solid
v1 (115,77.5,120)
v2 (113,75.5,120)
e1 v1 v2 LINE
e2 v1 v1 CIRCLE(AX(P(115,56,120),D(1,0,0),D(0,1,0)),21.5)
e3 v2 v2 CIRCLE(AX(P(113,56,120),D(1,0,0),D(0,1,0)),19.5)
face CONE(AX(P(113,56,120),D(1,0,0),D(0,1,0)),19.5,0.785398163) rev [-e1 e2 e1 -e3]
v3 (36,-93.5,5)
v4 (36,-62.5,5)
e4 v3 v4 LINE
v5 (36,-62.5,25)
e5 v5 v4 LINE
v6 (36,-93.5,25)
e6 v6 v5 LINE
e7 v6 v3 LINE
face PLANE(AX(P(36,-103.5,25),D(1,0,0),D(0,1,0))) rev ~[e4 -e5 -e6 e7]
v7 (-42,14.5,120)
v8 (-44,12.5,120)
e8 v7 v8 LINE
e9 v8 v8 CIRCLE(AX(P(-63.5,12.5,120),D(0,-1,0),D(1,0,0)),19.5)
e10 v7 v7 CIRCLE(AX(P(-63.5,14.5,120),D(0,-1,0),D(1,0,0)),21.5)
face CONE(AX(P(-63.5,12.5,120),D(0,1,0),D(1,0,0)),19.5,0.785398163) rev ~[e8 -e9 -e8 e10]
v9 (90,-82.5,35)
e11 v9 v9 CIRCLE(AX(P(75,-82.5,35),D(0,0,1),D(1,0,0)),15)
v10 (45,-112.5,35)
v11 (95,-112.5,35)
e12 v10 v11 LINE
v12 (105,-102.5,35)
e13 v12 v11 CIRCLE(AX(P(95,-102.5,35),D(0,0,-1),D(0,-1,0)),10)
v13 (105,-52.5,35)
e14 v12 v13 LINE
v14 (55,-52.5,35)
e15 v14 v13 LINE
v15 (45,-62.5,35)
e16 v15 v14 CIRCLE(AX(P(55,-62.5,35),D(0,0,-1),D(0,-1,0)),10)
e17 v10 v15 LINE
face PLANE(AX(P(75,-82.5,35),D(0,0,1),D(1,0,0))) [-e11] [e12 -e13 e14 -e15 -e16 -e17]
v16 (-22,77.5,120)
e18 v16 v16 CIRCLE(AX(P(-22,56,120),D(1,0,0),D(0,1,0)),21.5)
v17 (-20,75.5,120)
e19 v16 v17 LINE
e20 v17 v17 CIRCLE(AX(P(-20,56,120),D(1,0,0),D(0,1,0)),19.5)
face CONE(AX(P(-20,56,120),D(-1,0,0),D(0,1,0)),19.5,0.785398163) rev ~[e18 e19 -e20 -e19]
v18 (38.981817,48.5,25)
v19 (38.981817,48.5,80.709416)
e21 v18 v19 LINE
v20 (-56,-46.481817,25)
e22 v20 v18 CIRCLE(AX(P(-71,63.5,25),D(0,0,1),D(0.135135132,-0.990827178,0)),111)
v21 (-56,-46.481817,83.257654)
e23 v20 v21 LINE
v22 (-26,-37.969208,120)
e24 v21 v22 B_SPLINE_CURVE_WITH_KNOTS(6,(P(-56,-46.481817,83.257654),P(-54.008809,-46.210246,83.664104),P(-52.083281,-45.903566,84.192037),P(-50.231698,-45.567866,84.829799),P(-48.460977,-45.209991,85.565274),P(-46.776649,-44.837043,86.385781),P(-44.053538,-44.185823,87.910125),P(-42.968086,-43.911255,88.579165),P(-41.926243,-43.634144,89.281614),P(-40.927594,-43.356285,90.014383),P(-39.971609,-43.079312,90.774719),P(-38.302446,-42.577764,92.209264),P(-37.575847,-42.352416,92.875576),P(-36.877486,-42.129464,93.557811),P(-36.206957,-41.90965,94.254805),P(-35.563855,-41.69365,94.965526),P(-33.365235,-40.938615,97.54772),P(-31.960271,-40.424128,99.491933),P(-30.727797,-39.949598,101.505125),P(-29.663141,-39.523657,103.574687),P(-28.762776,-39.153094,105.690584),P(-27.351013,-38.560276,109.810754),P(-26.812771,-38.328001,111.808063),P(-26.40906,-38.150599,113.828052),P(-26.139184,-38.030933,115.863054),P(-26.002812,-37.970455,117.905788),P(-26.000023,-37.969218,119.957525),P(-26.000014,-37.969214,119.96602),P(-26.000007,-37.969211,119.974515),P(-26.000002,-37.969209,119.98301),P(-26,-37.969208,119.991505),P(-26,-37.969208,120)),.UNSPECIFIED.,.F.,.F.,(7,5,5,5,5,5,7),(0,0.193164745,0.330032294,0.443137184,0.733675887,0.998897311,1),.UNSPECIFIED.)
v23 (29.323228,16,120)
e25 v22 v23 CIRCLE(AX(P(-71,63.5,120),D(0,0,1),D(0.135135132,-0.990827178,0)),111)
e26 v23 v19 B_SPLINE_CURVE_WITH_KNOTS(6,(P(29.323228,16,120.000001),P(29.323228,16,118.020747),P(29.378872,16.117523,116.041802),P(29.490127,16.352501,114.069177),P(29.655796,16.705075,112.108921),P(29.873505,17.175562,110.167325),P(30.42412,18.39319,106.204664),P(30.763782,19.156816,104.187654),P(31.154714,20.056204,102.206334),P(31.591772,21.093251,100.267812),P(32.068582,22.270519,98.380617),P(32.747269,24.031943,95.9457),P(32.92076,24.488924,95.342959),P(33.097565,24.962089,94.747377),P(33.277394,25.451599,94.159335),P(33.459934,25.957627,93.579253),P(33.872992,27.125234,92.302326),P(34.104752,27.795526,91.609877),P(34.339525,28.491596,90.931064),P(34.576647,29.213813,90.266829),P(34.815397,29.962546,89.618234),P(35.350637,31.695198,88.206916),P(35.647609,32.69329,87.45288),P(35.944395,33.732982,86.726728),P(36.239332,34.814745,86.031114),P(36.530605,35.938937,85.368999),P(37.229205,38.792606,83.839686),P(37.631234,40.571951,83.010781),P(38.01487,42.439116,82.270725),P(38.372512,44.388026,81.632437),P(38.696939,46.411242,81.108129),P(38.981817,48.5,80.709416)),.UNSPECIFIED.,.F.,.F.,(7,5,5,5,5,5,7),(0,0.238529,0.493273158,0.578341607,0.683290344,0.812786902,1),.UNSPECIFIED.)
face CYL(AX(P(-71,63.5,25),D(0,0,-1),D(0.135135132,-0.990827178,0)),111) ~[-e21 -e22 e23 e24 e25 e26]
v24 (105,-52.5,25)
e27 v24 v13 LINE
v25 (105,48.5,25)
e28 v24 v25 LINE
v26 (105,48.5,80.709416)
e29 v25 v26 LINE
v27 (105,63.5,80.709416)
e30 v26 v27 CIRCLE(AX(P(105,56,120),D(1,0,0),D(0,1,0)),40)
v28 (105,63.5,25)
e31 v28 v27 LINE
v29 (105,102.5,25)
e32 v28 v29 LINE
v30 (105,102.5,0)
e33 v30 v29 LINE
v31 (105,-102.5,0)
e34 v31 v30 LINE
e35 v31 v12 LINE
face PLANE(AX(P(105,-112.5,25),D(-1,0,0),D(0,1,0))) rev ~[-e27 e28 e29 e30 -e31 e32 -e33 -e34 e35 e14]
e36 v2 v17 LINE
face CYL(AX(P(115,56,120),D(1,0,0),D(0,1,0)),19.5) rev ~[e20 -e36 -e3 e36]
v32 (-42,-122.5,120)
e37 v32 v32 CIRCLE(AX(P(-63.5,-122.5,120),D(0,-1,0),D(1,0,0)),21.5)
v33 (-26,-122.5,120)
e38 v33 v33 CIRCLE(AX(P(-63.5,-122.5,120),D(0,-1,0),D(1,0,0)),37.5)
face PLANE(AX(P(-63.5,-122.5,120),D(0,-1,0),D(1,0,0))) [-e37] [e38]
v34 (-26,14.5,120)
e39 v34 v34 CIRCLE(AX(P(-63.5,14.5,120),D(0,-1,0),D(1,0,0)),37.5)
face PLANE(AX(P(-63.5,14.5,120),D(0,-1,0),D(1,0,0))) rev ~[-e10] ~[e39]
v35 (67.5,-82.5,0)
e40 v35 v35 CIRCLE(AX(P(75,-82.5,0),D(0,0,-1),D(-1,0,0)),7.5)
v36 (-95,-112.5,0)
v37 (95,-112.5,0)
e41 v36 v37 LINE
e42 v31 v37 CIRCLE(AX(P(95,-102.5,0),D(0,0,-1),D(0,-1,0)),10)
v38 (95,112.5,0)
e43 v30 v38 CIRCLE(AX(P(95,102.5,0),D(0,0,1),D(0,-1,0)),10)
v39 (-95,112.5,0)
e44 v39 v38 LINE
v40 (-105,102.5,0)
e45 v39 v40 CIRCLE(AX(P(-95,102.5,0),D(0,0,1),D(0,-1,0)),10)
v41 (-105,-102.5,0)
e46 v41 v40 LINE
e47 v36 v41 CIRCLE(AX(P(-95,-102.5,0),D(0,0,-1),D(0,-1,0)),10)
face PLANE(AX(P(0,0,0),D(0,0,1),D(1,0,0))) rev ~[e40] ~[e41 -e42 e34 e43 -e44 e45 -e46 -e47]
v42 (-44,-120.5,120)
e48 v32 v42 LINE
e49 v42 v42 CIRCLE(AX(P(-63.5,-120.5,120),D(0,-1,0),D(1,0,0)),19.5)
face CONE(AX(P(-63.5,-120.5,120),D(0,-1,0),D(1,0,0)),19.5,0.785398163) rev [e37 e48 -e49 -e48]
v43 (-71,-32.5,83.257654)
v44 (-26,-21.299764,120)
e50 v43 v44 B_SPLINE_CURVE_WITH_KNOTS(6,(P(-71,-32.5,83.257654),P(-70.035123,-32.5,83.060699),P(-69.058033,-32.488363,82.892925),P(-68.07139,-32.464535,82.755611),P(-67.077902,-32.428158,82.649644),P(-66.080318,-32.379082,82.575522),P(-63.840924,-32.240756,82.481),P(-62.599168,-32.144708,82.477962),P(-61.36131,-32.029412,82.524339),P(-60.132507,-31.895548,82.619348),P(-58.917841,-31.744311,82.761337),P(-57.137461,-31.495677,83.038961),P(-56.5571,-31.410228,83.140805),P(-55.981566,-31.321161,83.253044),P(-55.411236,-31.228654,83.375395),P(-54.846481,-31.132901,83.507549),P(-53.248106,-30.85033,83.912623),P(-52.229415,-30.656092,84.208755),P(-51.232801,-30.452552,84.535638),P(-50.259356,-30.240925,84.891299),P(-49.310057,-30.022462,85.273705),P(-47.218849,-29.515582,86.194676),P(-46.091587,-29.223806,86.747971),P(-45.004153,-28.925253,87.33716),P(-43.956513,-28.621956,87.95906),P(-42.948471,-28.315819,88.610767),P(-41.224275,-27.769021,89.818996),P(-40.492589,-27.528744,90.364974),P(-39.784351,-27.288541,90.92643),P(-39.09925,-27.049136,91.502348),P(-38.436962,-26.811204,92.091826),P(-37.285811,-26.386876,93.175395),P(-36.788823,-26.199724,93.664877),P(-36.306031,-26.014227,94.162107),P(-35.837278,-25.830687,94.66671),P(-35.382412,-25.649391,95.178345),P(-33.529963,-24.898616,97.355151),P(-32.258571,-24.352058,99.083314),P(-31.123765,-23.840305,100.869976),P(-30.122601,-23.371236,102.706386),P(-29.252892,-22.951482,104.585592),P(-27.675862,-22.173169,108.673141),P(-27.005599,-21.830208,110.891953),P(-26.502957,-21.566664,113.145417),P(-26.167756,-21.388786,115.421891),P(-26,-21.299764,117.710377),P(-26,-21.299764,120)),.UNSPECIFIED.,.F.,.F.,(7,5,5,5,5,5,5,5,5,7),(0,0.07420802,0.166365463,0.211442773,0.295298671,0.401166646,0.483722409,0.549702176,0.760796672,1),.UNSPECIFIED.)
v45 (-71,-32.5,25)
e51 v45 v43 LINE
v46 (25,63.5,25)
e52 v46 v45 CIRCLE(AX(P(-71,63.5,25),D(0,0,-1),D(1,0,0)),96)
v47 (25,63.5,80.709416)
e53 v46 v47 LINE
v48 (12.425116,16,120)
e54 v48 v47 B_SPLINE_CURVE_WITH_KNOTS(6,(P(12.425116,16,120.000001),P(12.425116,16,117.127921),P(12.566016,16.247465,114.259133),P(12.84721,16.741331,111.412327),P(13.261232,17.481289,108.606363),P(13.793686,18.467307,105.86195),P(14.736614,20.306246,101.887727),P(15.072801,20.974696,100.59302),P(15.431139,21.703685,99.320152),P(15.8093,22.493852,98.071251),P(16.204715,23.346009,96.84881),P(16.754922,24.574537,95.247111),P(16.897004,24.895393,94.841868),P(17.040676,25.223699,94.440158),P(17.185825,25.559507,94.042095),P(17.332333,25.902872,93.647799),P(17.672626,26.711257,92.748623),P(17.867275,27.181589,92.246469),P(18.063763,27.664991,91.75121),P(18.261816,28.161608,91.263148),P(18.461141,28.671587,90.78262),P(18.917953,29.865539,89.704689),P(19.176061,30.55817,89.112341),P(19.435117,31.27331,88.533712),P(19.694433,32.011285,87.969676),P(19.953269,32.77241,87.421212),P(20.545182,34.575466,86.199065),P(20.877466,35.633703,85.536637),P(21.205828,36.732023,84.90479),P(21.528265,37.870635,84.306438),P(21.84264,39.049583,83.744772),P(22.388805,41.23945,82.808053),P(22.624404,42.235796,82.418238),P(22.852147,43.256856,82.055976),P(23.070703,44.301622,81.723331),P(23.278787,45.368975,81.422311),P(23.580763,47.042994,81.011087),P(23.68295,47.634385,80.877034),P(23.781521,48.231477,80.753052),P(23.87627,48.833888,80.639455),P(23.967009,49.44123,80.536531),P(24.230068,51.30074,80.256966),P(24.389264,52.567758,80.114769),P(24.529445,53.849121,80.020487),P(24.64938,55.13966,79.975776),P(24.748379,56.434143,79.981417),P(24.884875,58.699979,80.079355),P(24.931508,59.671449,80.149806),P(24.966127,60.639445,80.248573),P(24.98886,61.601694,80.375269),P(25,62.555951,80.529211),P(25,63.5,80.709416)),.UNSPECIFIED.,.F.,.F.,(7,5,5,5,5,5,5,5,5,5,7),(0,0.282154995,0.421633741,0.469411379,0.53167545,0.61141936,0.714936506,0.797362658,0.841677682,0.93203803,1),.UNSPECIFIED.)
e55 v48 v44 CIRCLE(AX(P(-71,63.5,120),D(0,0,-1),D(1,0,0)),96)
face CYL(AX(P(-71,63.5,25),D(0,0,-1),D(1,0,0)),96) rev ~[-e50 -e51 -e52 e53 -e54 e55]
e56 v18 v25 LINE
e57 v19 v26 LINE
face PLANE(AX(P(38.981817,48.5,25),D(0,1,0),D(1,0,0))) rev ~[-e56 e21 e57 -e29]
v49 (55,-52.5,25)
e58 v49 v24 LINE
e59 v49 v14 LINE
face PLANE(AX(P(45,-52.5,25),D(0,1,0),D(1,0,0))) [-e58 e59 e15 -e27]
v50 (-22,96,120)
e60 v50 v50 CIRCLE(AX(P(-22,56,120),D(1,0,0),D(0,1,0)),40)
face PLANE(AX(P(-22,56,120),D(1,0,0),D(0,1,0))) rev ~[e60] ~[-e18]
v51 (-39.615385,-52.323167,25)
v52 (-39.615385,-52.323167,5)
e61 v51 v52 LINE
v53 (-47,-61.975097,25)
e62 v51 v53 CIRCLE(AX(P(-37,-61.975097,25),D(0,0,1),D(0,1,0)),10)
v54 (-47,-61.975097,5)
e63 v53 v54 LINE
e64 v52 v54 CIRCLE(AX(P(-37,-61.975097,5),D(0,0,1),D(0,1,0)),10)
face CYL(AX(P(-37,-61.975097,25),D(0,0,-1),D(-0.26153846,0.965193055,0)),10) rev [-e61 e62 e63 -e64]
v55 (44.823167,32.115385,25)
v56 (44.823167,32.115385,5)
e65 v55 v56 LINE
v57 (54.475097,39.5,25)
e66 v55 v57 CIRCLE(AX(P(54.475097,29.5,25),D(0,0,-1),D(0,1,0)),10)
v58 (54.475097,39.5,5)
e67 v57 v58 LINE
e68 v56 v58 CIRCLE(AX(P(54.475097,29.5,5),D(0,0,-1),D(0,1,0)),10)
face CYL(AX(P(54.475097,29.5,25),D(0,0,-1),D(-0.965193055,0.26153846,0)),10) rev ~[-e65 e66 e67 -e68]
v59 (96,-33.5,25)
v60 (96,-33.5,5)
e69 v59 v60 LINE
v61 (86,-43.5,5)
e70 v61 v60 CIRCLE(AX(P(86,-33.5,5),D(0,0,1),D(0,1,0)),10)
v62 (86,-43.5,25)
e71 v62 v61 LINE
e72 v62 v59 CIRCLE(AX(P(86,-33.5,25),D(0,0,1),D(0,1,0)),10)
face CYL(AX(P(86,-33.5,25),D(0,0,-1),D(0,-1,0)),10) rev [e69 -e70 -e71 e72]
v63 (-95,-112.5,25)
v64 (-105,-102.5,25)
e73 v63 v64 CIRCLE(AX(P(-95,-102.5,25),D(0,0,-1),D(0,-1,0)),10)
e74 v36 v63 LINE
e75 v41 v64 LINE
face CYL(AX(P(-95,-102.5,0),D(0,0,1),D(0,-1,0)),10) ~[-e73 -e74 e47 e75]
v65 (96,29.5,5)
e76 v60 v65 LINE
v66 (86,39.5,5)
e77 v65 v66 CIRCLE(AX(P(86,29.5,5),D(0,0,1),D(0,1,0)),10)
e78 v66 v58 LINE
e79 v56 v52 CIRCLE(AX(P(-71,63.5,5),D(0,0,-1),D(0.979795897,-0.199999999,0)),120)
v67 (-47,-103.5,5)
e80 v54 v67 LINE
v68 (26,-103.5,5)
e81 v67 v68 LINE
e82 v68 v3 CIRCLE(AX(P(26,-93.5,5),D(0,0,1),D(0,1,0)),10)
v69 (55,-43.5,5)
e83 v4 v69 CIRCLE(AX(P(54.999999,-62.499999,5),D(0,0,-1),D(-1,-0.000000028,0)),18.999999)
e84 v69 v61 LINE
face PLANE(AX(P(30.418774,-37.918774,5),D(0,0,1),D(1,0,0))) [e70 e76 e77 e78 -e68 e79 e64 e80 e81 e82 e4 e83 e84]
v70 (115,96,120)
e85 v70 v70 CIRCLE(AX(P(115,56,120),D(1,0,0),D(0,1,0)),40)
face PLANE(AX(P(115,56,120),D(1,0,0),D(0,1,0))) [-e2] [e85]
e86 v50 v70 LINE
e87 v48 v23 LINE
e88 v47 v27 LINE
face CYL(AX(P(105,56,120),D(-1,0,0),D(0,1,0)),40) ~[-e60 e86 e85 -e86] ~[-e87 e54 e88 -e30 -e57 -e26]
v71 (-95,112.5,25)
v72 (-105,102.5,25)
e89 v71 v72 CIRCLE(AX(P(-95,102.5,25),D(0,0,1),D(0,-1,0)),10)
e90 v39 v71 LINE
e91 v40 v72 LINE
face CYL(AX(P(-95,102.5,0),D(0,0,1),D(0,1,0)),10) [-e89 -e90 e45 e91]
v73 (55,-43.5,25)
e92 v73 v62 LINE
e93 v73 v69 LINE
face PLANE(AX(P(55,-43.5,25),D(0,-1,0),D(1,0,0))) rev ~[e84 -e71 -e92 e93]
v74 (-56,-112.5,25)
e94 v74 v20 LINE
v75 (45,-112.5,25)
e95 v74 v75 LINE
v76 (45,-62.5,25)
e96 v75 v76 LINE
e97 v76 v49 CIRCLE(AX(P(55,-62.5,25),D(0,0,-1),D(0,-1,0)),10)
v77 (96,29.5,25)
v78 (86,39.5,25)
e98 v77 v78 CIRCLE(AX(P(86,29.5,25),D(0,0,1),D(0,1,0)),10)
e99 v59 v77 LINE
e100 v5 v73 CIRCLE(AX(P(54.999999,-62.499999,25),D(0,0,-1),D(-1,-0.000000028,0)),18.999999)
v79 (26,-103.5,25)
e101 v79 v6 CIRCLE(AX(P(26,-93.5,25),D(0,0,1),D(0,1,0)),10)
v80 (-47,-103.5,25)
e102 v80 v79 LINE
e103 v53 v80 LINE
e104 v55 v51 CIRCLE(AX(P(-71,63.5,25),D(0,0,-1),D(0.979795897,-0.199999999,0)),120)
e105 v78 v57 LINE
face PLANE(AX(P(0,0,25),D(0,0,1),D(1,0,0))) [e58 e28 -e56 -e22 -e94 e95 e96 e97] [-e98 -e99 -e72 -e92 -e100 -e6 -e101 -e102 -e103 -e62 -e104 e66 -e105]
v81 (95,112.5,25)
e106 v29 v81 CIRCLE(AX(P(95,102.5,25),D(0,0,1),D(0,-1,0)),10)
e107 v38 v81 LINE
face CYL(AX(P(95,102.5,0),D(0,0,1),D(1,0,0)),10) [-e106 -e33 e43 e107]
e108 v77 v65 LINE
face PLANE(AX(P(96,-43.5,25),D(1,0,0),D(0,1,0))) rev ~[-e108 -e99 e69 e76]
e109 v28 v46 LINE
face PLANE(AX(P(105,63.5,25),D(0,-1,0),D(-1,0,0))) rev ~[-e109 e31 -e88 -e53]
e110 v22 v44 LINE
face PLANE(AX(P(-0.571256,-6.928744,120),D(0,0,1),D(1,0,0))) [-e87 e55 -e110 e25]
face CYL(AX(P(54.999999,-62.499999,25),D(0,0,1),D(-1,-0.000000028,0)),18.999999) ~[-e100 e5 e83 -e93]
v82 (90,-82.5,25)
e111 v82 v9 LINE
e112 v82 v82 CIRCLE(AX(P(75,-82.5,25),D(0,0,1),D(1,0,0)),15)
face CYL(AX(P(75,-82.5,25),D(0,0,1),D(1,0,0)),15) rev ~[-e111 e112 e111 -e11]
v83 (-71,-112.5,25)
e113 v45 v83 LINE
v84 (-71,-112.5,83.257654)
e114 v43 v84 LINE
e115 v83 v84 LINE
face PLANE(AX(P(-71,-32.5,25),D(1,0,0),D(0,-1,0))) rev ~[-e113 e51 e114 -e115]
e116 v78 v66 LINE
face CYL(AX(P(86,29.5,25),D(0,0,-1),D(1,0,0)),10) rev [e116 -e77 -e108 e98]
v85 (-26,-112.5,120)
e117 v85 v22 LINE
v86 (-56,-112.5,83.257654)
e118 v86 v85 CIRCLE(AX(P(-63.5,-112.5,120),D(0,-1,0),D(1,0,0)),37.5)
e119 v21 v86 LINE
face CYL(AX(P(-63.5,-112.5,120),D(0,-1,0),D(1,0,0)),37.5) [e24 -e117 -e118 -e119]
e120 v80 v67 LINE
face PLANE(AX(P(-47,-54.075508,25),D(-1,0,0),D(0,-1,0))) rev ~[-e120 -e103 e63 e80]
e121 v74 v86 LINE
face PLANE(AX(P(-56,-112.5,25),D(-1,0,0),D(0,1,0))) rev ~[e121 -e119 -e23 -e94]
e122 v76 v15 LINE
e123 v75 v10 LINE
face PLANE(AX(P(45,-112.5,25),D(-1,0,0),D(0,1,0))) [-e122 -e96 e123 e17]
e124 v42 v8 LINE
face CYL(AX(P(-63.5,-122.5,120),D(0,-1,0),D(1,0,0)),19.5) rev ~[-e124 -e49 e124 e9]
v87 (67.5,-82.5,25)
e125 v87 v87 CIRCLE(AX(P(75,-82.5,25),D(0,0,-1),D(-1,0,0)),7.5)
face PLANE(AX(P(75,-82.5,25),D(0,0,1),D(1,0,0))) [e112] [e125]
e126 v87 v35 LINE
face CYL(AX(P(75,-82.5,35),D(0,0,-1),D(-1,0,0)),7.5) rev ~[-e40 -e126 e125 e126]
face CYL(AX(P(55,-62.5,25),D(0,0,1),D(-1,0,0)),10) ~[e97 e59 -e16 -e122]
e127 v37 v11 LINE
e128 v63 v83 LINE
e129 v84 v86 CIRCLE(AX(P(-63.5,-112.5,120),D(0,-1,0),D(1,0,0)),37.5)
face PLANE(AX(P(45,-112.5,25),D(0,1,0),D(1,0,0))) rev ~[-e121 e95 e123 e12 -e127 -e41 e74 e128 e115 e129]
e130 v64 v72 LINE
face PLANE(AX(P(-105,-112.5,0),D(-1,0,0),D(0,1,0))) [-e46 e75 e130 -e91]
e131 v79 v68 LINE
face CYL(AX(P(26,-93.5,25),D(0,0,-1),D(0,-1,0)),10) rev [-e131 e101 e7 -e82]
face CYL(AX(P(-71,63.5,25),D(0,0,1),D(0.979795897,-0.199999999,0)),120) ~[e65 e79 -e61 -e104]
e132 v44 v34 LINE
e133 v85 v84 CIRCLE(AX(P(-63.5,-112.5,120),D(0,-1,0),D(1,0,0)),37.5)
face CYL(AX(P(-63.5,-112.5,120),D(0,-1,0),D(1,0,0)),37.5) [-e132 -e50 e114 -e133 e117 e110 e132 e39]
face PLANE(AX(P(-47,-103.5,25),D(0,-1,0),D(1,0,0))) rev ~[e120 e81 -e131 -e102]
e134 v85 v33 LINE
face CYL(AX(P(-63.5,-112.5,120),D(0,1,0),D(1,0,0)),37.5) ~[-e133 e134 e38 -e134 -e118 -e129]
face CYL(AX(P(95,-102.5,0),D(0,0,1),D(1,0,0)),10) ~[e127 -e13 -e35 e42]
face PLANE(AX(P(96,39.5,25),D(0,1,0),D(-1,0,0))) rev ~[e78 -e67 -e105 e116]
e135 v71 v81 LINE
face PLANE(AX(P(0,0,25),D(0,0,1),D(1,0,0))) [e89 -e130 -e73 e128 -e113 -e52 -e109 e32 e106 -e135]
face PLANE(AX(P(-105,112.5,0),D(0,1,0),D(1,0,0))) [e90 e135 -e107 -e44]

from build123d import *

# Parameters (mm, degrees)
F0_W            = 210
F0_H            = 225
F1_DEPTH        = 25
F3_DEPTH        = 95
F4_R            = 37.5
F5_DEPTH        = 10
F5_DEPTH_BACK   = 127
F6_R            = 40
F7_DEPTH        = 10
F7_DEPTH_BACK   = 127
F8_W            = 60
F8_H            = 60
F9_DEPTH        = 10
F10_R           = 10
F12_DEPTH       = 20
F14_D           = 15
F14_CBORE_D     = 30
F14_CBORE_DEPTH = 10
F15_R           = 10
F16_R           = 19.5
F17_DEPTH       = 235.001
F18_R           = 19.5
F19_DEPTH       = 220.001
F20_SIZE        = 2
F21_R           = 10


with BuildPart() as f1:
    # F0 (on Top) → F1 (new body)
    with BuildSketch(Plane.XY):
        Rectangle(F0_W, F0_H)
    extrude(amount=F1_DEPTH)

    # F2 (on face) → F3 (join)
    with BuildSketch(Plane.XY.offset(25)):
        with BuildLine():
            Line((-71, -32.5), (-71, -112.5))
            Line((-71, -112.5), (-56, -112.5))
            Line((-56, -112.5), (-56, -46.481817))
            ThreePointArc((-56, -46.481817), (7.488853, -14.988853), (38.981817, 48.5))
            Line((38.981817, 48.5), (105, 48.5))
            Line((105, 48.5), (105, 63.5))
            Line((105, 63.5), (25, 63.5))
            ThreePointArc((25, 63.5), (-3.117749, -4.382251), (-71, -32.5))
        make_face()
    extrude(amount=F3_DEPTH)

    # F4 (on face) → F5 (join, two sides)
    with BuildSketch(Plane.XZ.offset(112.5)) as f5_sk:
        with Locations((-63.5, 120)):
            Circle(F4_R)
    extrude(amount=F5_DEPTH)
    extrude(f5_sk.sketch, amount=-F5_DEPTH_BACK)

    # F6 (on face) → F7 (join, two sides)
    with BuildSketch(Plane.YZ.offset(105)) as f7_sk:
        with Locations((56, 120)):
            Circle(F6_R)
    extrude(amount=F7_DEPTH)
    extrude(f7_sk.sketch, amount=-F7_DEPTH_BACK)

    # F8 (on face) → F9 (join)
    with BuildSketch(Plane.XY.offset(25)):
        with Locations((75, -82.5)):
            Rectangle(F8_W, F8_H)
    extrude(amount=F9_DEPTH)

    # F10
    f10_edges = [f1.edges().sort_by_distance(p)[0] for p in [
        (45, -52.5, 30),
    ]]
    fillet(f10_edges, radius=F10_R)

    # F11 (on face) → F12 (cut)
    with BuildSketch(Plane.XY.offset(25)):
        with BuildLine():
            ThreePointArc((46.575508, 39.5), (13.852814, -21.352814), (-47, -54.075508))
            Line((-47, -54.075508), (-47, -103.5))
            Line((-47, -103.5), (36, -103.5))
            Line((36, -103.5), (36, -62.5))
            ThreePointArc((36, -62.5), (41.564971, -49.064971), (55, -43.5))
            Line((55, -43.5), (96, -43.5))
            Line((96, -43.5), (96, 39.5))
            Line((96, 39.5), (46.575508, 39.5))
        make_face()
    extrude(amount=-F12_DEPTH, mode=Mode.SUBTRACT)

    # F14 (through all)
    with Locations(Plane.XY.offset(35)):
        with Locations((75, -82.5)):
            CounterBoreHole(F14_D / 2, F14_CBORE_D / 2, F14_CBORE_DEPTH)

    # F15
    f15_edges = [f1.edges().sort_by_distance(p)[0] for p in [
        (-47, -54.075508, 15),
        (46.575508, 39.5, 15),
        (96, 39.5, 15),
        (36, -103.5, 15),
        (96, -43.5, 15),
    ]]
    fillet(f15_edges, radius=F15_R)

    # F16 (on face) → F17 (cut, through all)
    with BuildSketch(Plane.XZ.offset(122.5)):
        with Locations((-63.5, 120)):
            Circle(F16_R)
    extrude(amount=-F17_DEPTH, mode=Mode.SUBTRACT)

    # F18 (on face) → F19 (cut, through all)
    with BuildSketch(Plane.YZ.offset(115)):
        with Locations((56, 120)):
            Circle(F18_R)
    extrude(amount=-F19_DEPTH, mode=Mode.SUBTRACT)

    # F20
    f20_edges = [f1.edges().sort_by_distance(p)[0] for p in [
        (-83, -122.5, 120),
        (115, 36.5, 120),
        (-83, 14.5, 120),
        (-22, 36.5, 120),
    ]]
    chamfer(f20_edges, length=F20_SIZE)

    # F21
    f21_edges = [f1.edges().sort_by_distance(p)[0] for p in [
        (105, -112.5, 17.5),
        (-105, -112.5, 12.5),
        (105, 112.5, 12.5),
        (-105, 112.5, 12.5),
    ]]
    fillet(f21_edges, radius=F21_R)


solid = f1.part
